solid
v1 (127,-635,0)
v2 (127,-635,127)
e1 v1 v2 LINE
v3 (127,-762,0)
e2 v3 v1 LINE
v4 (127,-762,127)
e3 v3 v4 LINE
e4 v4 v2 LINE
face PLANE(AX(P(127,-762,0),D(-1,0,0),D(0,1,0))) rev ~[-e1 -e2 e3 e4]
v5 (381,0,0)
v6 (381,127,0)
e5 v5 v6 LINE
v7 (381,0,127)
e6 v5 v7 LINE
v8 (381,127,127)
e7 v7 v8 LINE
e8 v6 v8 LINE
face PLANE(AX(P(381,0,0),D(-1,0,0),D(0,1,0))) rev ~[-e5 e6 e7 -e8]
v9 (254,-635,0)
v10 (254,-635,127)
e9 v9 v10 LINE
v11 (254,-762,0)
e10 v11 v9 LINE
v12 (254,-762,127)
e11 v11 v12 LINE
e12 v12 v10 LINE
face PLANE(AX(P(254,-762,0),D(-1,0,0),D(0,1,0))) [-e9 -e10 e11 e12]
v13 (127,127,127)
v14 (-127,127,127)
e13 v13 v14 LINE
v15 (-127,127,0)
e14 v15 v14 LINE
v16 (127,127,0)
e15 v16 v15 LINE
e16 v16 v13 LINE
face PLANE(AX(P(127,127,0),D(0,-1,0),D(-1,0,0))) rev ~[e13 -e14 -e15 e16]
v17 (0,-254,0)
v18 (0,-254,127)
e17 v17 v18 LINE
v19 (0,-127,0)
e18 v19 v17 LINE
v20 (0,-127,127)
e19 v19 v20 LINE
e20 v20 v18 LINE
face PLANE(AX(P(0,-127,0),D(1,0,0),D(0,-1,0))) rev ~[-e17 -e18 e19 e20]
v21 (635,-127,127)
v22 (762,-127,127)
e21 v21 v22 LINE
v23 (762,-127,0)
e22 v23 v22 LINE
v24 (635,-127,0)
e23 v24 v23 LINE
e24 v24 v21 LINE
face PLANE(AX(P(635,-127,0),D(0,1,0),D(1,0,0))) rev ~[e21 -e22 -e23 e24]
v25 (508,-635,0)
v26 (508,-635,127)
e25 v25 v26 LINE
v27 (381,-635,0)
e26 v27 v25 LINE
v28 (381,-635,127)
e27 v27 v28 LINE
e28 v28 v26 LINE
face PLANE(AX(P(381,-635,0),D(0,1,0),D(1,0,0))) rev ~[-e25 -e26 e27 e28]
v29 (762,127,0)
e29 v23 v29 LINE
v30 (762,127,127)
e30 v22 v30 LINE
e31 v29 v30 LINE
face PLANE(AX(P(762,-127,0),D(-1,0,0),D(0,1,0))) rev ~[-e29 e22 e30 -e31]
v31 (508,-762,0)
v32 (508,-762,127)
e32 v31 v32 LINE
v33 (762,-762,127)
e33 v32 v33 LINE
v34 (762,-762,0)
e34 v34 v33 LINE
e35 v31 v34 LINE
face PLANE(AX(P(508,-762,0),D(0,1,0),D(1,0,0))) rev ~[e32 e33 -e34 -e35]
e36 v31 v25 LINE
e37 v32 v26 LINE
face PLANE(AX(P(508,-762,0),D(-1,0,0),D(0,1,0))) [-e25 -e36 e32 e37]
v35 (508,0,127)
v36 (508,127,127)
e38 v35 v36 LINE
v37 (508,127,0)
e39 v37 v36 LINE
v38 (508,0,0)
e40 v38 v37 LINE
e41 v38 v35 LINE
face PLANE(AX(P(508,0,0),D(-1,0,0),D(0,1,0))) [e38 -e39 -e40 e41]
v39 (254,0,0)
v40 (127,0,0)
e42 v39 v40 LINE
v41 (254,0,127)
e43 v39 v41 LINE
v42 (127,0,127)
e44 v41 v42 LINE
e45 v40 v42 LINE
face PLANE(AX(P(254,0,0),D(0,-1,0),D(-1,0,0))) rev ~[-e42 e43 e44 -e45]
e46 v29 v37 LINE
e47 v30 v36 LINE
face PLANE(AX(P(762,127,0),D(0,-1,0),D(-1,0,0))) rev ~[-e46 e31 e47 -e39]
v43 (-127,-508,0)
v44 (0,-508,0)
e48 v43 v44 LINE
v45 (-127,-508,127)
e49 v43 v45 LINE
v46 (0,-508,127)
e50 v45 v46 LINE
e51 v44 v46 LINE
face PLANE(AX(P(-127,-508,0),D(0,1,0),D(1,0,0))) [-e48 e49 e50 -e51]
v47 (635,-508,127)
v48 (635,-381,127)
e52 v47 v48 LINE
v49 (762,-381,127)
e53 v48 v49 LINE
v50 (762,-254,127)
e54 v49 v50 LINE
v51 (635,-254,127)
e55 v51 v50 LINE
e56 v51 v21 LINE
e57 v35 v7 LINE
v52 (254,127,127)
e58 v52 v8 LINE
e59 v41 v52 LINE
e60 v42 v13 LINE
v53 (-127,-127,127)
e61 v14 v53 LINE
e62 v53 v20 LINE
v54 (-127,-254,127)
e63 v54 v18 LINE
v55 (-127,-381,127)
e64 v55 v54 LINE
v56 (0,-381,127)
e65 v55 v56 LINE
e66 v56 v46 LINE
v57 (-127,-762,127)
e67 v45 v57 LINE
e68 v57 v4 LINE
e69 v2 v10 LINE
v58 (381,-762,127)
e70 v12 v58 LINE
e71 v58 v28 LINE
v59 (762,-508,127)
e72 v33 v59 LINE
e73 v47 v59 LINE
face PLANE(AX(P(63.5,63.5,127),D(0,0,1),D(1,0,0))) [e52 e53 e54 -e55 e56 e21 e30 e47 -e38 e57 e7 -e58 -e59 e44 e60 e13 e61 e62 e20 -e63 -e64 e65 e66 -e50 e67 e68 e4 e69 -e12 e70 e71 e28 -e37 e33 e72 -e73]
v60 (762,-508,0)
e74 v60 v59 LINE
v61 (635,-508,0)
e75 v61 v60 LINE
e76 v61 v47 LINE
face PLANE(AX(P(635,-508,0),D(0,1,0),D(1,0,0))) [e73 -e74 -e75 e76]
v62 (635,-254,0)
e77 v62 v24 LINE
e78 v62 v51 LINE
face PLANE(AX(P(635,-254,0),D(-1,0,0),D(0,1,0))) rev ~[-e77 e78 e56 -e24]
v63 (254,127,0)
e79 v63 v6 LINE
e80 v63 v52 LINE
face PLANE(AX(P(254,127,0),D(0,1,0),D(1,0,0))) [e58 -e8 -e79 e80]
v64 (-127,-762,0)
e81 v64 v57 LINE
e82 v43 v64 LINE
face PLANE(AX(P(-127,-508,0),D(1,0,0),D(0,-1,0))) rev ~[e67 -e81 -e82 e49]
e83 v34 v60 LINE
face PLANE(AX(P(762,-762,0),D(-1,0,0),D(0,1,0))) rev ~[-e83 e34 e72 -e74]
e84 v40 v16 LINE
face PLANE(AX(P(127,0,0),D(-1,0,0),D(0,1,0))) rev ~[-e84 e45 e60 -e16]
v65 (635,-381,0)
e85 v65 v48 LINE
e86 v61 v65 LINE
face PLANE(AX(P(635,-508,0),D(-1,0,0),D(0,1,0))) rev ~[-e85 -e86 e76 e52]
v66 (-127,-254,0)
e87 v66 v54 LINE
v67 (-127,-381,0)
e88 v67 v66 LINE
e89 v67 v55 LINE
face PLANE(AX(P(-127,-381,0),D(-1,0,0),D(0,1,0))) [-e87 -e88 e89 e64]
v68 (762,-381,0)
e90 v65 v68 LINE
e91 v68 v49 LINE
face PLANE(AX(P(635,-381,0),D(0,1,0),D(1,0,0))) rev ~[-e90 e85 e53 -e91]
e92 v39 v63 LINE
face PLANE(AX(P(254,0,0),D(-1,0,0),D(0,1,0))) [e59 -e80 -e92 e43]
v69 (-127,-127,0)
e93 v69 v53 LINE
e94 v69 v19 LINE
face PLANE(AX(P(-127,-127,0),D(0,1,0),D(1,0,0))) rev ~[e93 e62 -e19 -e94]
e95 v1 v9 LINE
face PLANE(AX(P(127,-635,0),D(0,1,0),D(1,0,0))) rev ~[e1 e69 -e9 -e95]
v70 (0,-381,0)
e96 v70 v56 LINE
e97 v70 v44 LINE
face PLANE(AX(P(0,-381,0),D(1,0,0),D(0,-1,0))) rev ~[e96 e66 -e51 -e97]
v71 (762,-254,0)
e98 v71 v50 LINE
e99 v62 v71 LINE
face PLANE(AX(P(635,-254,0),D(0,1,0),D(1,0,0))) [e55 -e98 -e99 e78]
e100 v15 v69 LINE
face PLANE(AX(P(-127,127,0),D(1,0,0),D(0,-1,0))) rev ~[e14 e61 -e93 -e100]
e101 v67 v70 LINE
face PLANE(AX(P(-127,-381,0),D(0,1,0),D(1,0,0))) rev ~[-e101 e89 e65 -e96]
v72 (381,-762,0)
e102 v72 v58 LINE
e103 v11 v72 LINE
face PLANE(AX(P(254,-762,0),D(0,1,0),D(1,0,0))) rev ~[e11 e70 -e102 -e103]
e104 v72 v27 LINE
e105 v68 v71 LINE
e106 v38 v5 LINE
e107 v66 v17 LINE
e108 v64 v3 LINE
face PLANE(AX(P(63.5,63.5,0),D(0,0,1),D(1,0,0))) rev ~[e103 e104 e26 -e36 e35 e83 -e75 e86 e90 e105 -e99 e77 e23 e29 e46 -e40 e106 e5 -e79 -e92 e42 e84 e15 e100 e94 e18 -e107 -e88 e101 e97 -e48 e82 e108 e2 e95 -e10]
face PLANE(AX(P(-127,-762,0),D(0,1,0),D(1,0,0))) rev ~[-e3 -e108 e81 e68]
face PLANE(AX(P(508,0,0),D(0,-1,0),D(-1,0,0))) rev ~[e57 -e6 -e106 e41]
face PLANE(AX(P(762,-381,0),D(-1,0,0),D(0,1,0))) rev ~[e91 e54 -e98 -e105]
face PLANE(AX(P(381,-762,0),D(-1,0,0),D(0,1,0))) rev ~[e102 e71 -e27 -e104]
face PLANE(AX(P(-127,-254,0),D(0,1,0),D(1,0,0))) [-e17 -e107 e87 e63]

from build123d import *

# Parameters (mm, degrees)
F0_W     = 127
F0_H     = 127
F1_DEPTH = 127


with BuildPart() as f1:
    # F0 (on Top) → F1 (new body)
    with BuildSketch(Plane.XY):
        with Locations((63.5, 63.5)):
            Rectangle(F0_W, F0_H)
        Polygon((127, 0), (0, 0), (0, -127), (0, -254), (0, -381), (0, -508), (0, -635), (127, -635), (254, -635), (381, -635), (508, -635), (635, -635), (635, -508), (635, -381), (635, -254), (635, -127), (635, 0), (508, 0), (381, 0), (254, 0), align=None)
        with Locations((-63.5, 63.5)):
            Rectangle(F0_W, F0_H)
        with Locations((-63.5, -63.5)):
            Rectangle(F0_W, F0_H)
        with Locations((317.5, 63.5)):
            Rectangle(F0_W, F0_H)
        with Locations((-63.5, -317.5)):
            Rectangle(F0_W, F0_H)
        with Locations((571.5, 63.5)):
            Rectangle(F0_W, F0_H)
        with Locations((-63.5, -571.5)):
            Rectangle(F0_W, F0_H)
        with Locations((698.5, -63.5)):
            Rectangle(F0_W, F0_H)
        with Locations((698.5, 63.5)):
            Rectangle(F0_W, F0_H)
        with Locations((63.5, -698.5)):
            Rectangle(F0_W, F0_H)
        with Locations((-63.5, -698.5)):
            Rectangle(F0_W, F0_H)
        with Locations((698.5, -317.5)):
            Rectangle(F0_W, F0_H)
        with Locations((317.5, -698.5)):
            Rectangle(F0_W, F0_H)
        with Locations((698.5, -571.5)):
            Rectangle(F0_W, F0_H)
        with Locations((571.5, -698.5)):
            Rectangle(F0_W, F0_H)
        with Locations((698.5, -698.5)):
            Rectangle(F0_W, F0_H)
    extrude(amount=F1_DEPTH)


solid = f1.part
